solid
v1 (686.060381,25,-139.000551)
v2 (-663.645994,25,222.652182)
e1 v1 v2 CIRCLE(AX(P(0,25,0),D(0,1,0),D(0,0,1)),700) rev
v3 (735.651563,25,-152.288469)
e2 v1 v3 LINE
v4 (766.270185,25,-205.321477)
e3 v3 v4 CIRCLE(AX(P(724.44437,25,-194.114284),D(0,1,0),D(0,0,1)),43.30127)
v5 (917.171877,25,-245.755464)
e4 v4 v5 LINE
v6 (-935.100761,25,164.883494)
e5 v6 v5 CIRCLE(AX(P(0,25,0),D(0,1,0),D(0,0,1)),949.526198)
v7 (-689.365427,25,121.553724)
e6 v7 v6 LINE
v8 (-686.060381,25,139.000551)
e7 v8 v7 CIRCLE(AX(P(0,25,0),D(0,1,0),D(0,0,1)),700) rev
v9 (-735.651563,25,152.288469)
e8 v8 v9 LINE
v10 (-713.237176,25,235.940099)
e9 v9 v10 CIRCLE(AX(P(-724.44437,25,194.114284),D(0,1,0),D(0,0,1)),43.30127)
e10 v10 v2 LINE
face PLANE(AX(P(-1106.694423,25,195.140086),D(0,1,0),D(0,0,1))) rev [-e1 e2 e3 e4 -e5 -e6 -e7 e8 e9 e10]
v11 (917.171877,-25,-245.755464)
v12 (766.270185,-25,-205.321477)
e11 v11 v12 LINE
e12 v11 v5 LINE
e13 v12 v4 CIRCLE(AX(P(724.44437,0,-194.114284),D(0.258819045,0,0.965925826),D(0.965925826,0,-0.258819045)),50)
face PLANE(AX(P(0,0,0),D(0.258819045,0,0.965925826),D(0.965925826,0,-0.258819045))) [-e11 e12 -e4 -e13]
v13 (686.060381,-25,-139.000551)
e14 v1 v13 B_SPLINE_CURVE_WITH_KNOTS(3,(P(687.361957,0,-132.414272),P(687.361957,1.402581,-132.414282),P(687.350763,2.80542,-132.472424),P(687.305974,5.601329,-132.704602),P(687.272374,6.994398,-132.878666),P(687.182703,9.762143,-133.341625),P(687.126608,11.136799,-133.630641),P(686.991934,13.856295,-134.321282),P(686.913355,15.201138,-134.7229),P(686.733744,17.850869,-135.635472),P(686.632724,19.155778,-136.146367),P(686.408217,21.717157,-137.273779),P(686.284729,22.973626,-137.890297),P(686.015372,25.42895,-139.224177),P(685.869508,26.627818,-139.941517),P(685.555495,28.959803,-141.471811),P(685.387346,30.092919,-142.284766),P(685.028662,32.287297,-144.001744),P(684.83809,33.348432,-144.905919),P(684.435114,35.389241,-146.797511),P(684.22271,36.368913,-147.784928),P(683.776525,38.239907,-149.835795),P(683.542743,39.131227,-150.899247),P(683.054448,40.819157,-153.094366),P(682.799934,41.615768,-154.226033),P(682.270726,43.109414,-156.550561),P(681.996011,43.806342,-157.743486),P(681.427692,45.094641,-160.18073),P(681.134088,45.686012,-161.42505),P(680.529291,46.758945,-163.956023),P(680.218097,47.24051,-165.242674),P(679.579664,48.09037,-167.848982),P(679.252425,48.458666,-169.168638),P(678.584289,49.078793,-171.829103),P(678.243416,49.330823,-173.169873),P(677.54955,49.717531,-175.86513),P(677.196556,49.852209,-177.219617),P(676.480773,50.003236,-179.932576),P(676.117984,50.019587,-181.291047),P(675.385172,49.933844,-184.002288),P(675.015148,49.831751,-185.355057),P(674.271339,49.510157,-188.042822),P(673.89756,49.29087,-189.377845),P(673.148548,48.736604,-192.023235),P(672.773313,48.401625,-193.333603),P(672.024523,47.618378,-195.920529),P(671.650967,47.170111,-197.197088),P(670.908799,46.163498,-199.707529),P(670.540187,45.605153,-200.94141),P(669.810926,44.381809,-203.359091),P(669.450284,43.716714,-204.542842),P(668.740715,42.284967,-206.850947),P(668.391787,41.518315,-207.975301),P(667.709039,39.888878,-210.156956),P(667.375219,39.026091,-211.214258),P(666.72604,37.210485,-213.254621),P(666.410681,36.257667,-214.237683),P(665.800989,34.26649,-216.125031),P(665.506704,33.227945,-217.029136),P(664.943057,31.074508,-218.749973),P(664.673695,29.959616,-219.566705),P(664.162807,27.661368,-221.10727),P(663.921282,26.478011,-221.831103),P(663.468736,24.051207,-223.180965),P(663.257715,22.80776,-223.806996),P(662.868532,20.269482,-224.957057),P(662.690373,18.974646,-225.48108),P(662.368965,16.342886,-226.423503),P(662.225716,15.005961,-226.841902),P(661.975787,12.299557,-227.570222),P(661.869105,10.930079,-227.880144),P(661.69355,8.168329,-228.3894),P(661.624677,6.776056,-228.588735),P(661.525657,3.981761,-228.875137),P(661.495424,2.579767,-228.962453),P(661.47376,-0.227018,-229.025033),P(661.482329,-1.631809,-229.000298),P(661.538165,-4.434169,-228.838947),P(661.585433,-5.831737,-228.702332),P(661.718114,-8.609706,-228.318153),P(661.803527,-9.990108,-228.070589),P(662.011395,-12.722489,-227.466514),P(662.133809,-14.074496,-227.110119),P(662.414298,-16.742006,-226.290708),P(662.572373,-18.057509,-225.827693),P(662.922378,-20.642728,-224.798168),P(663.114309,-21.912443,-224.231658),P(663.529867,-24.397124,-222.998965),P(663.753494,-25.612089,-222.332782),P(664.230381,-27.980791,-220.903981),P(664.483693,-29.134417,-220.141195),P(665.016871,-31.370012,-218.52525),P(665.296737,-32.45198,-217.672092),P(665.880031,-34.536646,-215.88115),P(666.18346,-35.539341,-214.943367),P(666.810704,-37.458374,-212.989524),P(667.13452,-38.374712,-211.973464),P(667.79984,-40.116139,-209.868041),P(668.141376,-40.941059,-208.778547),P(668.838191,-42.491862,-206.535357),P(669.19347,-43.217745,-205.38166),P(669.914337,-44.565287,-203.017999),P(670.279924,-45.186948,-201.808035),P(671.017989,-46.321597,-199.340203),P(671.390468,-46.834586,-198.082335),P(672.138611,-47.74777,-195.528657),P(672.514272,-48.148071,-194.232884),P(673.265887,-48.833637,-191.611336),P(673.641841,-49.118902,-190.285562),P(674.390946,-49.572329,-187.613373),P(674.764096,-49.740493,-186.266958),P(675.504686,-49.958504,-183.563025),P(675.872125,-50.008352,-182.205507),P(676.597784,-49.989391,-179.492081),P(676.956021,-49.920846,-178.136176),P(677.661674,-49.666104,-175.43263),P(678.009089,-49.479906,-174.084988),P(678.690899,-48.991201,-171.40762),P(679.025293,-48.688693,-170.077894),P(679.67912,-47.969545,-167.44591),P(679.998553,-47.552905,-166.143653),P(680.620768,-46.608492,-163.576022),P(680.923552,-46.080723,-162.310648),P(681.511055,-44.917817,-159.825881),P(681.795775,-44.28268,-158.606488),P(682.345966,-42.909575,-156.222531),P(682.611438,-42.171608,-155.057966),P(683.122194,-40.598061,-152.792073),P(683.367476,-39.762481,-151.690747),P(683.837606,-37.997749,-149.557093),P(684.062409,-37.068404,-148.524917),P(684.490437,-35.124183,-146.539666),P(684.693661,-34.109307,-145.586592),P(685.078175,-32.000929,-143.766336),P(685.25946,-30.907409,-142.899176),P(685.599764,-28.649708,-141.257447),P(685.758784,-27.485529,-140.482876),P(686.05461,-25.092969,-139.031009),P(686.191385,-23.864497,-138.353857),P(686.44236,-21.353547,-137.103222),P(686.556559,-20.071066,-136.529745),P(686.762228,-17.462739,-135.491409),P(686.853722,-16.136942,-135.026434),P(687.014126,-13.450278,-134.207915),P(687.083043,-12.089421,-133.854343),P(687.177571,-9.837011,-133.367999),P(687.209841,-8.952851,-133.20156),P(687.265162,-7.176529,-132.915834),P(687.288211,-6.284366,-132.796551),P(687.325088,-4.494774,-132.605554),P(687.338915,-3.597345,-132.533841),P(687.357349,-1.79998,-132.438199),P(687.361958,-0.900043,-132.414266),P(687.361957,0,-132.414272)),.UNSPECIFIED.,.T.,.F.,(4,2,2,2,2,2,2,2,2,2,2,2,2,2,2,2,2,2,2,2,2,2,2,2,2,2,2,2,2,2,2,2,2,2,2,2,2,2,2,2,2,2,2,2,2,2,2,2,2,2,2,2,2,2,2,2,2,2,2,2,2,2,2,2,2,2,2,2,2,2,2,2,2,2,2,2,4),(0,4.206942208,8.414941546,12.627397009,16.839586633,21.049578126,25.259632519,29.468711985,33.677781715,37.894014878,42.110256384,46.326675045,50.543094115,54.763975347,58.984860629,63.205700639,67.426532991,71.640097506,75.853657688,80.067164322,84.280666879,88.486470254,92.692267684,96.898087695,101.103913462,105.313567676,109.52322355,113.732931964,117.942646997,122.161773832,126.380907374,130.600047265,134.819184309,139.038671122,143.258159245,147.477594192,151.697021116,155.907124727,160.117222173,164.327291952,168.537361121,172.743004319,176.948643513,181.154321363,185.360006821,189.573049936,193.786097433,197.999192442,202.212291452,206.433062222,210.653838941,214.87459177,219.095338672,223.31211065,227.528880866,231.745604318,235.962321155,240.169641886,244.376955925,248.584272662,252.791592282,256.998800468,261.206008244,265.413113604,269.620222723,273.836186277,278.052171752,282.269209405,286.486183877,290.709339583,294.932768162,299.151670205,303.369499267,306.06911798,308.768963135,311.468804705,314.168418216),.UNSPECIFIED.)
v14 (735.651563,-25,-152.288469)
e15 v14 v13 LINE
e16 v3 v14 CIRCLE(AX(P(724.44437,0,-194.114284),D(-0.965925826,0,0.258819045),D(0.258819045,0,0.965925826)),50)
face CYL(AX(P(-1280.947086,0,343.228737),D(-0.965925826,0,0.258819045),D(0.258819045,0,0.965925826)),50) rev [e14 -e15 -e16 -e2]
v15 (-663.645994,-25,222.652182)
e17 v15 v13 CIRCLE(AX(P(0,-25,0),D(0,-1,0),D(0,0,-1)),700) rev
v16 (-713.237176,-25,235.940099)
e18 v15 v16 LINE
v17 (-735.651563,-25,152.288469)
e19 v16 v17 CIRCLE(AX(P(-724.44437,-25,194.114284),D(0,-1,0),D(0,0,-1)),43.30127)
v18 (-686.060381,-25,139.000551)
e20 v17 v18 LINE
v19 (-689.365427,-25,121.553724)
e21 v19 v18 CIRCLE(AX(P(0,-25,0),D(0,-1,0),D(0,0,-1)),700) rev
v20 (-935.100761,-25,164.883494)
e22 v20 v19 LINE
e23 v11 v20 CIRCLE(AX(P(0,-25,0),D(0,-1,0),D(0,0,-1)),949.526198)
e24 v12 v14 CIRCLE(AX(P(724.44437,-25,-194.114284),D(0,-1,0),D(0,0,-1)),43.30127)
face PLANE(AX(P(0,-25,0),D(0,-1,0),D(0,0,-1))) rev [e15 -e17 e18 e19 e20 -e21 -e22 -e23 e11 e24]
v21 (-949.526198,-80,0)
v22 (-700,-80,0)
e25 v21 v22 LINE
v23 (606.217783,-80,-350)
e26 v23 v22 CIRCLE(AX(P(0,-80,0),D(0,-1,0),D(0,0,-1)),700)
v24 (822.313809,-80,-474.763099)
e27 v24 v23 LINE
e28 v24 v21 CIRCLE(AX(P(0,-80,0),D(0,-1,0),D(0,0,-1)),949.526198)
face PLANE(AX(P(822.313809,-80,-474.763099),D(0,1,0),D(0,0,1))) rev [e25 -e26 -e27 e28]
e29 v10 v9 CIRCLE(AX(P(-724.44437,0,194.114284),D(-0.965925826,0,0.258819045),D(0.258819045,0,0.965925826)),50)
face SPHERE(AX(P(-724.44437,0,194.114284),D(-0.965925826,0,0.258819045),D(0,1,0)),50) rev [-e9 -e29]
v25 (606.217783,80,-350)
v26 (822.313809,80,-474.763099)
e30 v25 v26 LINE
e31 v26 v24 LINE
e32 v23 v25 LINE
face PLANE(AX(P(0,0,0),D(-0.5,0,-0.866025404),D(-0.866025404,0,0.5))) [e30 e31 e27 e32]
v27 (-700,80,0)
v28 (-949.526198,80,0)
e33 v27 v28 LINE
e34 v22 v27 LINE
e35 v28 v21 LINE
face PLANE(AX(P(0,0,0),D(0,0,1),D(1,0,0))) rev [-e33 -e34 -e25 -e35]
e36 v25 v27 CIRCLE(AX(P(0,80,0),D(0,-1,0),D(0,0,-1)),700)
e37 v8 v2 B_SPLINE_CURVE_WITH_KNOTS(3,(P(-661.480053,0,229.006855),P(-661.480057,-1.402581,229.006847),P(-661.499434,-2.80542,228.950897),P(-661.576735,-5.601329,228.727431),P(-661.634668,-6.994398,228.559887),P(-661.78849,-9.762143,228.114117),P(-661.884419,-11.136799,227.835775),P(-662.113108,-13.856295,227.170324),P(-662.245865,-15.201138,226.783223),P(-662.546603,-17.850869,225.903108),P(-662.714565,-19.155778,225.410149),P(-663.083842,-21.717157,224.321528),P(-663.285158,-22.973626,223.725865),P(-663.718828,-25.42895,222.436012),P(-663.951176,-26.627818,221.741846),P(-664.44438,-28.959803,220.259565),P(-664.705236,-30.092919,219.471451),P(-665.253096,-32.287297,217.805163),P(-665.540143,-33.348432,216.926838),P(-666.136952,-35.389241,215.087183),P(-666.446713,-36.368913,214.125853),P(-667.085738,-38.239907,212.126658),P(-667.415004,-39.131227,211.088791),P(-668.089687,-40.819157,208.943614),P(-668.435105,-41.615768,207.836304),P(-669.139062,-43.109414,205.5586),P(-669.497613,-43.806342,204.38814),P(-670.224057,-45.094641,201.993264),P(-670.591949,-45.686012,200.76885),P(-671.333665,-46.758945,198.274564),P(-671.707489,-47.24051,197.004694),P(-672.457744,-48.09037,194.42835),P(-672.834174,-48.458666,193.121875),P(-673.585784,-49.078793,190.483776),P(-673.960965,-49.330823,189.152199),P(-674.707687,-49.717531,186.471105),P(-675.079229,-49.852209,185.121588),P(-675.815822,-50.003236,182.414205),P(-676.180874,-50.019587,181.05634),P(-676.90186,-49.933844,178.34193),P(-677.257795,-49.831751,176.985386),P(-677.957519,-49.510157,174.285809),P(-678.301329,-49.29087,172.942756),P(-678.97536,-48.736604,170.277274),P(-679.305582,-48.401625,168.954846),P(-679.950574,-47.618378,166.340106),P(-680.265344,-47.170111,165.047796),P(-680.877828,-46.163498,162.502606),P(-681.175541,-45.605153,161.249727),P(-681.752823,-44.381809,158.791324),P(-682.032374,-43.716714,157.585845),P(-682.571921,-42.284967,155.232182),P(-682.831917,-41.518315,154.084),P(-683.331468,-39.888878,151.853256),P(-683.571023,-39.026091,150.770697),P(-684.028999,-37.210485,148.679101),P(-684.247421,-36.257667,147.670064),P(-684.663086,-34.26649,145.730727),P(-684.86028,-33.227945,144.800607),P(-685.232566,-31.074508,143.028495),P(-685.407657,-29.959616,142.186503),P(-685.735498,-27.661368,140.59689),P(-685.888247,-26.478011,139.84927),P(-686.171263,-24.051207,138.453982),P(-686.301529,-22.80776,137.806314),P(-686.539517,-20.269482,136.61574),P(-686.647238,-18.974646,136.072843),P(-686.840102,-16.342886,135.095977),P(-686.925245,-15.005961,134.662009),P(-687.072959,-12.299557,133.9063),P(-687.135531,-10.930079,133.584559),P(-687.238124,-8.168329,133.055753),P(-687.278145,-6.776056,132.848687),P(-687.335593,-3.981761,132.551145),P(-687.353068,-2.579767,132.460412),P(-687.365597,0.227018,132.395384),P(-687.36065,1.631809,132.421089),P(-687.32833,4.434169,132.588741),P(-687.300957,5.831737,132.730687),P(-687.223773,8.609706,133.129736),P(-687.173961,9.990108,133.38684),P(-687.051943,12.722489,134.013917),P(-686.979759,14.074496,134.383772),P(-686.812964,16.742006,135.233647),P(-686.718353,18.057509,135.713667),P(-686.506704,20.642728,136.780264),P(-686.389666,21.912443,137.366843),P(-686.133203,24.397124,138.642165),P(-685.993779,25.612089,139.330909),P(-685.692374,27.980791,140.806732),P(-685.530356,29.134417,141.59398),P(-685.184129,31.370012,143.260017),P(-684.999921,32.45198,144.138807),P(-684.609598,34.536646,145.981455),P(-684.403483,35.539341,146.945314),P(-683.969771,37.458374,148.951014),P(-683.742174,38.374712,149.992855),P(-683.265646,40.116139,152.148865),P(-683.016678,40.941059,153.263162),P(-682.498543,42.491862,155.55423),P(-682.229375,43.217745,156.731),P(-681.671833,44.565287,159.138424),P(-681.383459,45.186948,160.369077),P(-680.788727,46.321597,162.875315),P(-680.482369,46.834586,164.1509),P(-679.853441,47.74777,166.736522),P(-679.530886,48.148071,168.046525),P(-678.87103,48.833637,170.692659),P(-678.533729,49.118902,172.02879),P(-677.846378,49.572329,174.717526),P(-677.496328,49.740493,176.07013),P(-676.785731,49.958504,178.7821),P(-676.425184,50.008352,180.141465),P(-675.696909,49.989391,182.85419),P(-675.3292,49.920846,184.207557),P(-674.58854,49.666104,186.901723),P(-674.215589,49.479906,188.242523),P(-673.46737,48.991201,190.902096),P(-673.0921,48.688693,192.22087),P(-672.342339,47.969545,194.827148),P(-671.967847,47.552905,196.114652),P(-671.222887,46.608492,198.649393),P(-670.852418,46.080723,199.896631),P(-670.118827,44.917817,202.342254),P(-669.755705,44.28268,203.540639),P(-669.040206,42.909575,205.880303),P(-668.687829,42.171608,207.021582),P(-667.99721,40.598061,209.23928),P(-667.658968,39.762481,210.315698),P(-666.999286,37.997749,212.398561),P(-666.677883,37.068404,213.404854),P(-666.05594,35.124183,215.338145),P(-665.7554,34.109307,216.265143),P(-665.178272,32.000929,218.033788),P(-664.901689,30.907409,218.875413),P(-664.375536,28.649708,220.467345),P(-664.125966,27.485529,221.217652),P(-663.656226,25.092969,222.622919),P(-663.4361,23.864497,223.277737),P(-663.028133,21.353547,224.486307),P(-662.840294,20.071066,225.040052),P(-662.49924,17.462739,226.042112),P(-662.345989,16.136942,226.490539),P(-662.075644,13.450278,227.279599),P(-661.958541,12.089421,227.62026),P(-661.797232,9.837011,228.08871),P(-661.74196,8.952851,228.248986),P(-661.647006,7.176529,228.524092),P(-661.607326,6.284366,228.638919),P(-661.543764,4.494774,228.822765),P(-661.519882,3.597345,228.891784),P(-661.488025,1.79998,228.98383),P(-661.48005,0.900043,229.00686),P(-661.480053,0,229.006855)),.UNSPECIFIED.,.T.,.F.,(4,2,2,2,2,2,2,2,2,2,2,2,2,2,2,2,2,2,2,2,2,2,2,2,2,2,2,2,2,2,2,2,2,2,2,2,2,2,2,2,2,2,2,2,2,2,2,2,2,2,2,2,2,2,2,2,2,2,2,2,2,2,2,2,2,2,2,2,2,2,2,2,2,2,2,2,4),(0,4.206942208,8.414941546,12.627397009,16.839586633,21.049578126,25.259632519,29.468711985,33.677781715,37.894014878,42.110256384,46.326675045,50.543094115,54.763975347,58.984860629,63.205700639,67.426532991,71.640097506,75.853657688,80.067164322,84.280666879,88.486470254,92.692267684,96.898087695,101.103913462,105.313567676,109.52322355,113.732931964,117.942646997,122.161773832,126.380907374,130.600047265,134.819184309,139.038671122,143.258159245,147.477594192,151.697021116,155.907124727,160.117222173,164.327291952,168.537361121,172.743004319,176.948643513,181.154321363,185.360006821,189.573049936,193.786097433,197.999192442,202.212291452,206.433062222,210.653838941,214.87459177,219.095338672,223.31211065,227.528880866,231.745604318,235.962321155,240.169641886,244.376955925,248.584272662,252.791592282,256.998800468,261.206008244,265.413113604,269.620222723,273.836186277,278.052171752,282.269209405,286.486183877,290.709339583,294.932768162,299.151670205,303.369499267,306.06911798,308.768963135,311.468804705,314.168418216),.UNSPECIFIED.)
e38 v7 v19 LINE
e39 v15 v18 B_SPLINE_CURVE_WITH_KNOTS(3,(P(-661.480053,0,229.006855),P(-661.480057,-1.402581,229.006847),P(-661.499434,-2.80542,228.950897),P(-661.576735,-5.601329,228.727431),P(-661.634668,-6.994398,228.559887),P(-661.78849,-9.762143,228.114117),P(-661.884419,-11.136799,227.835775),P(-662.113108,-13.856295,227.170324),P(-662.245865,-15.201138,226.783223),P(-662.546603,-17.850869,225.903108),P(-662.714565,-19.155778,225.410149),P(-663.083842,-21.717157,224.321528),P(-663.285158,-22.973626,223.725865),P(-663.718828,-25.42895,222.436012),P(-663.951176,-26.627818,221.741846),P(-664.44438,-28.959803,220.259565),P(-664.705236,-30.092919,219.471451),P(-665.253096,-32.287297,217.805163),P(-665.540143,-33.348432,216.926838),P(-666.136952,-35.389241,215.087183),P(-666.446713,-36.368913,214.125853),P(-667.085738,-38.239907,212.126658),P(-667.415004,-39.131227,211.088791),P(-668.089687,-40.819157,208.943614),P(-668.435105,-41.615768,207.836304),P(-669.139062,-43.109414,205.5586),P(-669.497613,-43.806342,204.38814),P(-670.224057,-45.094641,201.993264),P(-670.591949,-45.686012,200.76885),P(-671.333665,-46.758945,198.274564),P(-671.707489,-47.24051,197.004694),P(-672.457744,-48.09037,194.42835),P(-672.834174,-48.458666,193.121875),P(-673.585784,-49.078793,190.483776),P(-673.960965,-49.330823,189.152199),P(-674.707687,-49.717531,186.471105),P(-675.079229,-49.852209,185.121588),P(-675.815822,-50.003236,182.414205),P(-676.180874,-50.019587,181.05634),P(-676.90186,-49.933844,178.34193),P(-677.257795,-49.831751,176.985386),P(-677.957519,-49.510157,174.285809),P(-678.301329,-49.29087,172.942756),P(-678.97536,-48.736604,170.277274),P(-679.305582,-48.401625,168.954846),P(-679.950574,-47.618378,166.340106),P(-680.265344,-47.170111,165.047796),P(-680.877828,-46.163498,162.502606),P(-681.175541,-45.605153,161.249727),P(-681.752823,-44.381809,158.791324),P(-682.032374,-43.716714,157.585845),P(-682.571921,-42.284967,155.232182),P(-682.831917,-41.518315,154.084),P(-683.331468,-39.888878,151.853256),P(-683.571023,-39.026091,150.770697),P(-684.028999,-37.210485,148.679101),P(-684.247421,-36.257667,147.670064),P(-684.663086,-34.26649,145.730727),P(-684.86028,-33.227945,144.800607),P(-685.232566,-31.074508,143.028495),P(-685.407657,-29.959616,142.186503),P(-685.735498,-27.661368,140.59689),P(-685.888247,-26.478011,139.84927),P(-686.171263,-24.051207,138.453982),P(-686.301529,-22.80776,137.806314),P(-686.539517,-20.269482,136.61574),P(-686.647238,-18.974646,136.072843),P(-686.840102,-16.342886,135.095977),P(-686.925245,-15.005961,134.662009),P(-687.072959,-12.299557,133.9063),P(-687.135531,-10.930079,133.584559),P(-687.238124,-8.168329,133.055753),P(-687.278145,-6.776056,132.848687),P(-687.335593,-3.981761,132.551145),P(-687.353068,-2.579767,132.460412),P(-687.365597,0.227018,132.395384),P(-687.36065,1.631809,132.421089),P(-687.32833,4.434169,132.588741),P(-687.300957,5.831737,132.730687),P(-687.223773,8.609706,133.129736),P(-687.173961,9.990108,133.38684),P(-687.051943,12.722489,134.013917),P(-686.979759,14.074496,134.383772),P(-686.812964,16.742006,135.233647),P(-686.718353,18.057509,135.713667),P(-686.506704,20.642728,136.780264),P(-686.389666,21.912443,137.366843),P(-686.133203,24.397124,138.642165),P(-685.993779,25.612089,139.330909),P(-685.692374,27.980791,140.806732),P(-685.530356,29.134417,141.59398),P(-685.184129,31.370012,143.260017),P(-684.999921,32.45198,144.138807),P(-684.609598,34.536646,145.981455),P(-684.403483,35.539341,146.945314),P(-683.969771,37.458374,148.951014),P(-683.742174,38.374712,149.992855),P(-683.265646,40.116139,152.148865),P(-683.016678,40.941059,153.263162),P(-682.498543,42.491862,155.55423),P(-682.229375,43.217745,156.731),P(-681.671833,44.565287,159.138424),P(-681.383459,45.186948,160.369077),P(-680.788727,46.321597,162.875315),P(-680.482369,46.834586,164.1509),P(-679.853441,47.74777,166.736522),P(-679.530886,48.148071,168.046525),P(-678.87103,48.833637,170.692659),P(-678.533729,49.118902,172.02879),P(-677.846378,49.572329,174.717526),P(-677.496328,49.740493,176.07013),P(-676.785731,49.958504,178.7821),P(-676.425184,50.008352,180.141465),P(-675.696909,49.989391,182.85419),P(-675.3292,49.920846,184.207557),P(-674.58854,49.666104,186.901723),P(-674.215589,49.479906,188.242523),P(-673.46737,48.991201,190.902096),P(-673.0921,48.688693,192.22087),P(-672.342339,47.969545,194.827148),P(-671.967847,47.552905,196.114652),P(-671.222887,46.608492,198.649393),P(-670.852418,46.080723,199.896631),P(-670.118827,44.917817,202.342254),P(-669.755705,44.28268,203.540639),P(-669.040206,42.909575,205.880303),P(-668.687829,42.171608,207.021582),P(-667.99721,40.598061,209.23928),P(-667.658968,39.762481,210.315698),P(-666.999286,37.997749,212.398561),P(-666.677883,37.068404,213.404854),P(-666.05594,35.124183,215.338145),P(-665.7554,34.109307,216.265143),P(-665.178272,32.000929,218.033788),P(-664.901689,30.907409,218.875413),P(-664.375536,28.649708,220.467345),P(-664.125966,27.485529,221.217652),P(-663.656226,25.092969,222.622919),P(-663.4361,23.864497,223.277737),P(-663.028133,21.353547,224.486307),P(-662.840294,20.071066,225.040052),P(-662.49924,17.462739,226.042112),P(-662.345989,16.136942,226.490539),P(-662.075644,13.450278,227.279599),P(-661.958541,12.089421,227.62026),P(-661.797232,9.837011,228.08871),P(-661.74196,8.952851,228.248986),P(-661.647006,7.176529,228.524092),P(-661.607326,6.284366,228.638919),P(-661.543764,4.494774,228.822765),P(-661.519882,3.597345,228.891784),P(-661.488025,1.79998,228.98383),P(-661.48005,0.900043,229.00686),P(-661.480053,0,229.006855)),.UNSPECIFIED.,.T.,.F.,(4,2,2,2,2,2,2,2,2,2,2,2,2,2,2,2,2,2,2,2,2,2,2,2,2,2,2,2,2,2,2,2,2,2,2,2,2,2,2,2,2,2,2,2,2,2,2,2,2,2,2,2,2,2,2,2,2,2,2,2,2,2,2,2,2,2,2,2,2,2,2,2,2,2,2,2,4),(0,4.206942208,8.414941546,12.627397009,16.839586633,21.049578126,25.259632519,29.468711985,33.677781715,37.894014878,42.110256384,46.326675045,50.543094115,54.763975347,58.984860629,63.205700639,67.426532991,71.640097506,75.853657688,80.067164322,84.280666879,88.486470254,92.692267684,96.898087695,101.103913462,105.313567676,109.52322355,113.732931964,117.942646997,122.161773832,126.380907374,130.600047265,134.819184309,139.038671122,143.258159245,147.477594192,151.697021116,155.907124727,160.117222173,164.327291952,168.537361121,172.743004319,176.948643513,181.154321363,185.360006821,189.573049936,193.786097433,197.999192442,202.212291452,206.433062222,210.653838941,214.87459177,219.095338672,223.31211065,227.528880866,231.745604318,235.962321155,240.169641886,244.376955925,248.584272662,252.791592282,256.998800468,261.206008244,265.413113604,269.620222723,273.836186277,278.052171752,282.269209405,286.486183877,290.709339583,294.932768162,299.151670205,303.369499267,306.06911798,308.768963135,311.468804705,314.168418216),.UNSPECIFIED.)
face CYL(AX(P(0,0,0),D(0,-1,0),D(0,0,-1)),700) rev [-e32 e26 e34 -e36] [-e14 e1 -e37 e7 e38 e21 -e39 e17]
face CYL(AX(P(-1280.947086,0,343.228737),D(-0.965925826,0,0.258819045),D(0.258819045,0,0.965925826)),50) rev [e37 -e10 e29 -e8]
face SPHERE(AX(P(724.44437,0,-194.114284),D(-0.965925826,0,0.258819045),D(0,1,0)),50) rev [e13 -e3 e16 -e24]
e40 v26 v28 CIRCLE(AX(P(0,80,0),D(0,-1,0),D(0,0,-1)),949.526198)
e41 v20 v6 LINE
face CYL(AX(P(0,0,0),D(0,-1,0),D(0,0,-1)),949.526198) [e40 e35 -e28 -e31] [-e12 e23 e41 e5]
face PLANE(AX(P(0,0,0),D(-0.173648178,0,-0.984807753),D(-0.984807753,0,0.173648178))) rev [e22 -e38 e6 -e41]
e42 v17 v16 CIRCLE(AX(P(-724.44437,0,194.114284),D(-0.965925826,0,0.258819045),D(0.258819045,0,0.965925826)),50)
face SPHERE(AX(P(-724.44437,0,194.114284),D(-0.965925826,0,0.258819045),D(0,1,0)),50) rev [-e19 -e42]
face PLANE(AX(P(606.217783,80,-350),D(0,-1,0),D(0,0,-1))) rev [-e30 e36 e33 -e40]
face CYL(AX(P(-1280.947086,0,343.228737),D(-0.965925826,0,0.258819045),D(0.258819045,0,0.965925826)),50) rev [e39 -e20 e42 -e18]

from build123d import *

# Parameters (mm, degrees)
REVOLVE_3_ANGLE               = 210
SKETCH_11_W                   = 1123.766968822
SKETCH_11_H                   = 50
CUT_REVOLVE_6_ANGLE           = 5
CUT_REVOLVE_6_OTHER_WAY_ANGLE = 180


with BuildPart() as part:
    # 草图4 → 旋转3 (revolve)
    with BuildSketch(Plane.XY):
        Polygon((-949.526197638, 0), (-949.526197638, -80), (-700, -80), (-700, 80), (-949.526197638, 80), align=None)
    revolve(axis=Axis((0, 0, 0), (0, 1, 0)), revolution_arc=REVOLVE_3_ANGLE)

    # 草图10 → 切除-旋转5 (revolve, cut)
    with BuildSketch(Plane(origin=(0, 0, 0), x_dir=(0.9659258262890681, 0, -0.2588190451025215), z_dir=(0.2588190451025215, 0, 0.9659258262890681)), mode=Mode.PRIVATE) as cut_revolve_5_sk:
        with BuildLine():
            Line((-750, 50), (750, 50))
            ThreePointArc((750, 50), (785.355339059, 35.355339059), (800, 0))
            Line((800, 0), (-800, 0))
            ThreePointArc((-800, 0), (-785.355339059, 35.355339059), (-750, 50))
        make_face()
    revolve(cut_revolve_5_sk.sketch.rotate(Axis((-1280.947086283, 0, 343.228737317), (0.9659258262890681, 0, -0.25881904510252157)), 90), axis=Axis((-1280.947086283, 0, 343.228737317), (0.9659258262890681, 0, -0.25881904510252157)), mode=Mode.SUBTRACT)

    # 草图11 → 切除-旋转6 (revolve, cut)
    with BuildSketch(Plane(origin=(0, 0, 0), x_dir=(0.9659258262890681, 0, -0.2588190451025215), z_dir=(0.2588190451025215, 0, 0.9659258262890681))):
        with Locations((-561.883484411, 0)):
            Rectangle(SKETCH_11_W, SKETCH_11_H)
    revolve(axis=Axis((0, 25, 0), (0, -1, 0)), revolution_arc=CUT_REVOLVE_6_ANGLE, mode=Mode.SUBTRACT)

    # 草图11 → 切除-旋转6 other way (revolve, cut)
    with BuildSketch(Plane(origin=(0, 0, 0), x_dir=(0.9659258262890681, 0, -0.2588190451025215), z_dir=(0.2588190451025215, 0, 0.9659258262890681))):
        with Locations((-561.883484411, 0)):
            Rectangle(SKETCH_11_W, SKETCH_11_H)
    revolve(axis=Axis((0, 25, 0), (0, 1, 0)), revolution_arc=CUT_REVOLVE_6_OTHER_WAY_ANGLE, mode=Mode.SUBTRACT)


solid = part.part
